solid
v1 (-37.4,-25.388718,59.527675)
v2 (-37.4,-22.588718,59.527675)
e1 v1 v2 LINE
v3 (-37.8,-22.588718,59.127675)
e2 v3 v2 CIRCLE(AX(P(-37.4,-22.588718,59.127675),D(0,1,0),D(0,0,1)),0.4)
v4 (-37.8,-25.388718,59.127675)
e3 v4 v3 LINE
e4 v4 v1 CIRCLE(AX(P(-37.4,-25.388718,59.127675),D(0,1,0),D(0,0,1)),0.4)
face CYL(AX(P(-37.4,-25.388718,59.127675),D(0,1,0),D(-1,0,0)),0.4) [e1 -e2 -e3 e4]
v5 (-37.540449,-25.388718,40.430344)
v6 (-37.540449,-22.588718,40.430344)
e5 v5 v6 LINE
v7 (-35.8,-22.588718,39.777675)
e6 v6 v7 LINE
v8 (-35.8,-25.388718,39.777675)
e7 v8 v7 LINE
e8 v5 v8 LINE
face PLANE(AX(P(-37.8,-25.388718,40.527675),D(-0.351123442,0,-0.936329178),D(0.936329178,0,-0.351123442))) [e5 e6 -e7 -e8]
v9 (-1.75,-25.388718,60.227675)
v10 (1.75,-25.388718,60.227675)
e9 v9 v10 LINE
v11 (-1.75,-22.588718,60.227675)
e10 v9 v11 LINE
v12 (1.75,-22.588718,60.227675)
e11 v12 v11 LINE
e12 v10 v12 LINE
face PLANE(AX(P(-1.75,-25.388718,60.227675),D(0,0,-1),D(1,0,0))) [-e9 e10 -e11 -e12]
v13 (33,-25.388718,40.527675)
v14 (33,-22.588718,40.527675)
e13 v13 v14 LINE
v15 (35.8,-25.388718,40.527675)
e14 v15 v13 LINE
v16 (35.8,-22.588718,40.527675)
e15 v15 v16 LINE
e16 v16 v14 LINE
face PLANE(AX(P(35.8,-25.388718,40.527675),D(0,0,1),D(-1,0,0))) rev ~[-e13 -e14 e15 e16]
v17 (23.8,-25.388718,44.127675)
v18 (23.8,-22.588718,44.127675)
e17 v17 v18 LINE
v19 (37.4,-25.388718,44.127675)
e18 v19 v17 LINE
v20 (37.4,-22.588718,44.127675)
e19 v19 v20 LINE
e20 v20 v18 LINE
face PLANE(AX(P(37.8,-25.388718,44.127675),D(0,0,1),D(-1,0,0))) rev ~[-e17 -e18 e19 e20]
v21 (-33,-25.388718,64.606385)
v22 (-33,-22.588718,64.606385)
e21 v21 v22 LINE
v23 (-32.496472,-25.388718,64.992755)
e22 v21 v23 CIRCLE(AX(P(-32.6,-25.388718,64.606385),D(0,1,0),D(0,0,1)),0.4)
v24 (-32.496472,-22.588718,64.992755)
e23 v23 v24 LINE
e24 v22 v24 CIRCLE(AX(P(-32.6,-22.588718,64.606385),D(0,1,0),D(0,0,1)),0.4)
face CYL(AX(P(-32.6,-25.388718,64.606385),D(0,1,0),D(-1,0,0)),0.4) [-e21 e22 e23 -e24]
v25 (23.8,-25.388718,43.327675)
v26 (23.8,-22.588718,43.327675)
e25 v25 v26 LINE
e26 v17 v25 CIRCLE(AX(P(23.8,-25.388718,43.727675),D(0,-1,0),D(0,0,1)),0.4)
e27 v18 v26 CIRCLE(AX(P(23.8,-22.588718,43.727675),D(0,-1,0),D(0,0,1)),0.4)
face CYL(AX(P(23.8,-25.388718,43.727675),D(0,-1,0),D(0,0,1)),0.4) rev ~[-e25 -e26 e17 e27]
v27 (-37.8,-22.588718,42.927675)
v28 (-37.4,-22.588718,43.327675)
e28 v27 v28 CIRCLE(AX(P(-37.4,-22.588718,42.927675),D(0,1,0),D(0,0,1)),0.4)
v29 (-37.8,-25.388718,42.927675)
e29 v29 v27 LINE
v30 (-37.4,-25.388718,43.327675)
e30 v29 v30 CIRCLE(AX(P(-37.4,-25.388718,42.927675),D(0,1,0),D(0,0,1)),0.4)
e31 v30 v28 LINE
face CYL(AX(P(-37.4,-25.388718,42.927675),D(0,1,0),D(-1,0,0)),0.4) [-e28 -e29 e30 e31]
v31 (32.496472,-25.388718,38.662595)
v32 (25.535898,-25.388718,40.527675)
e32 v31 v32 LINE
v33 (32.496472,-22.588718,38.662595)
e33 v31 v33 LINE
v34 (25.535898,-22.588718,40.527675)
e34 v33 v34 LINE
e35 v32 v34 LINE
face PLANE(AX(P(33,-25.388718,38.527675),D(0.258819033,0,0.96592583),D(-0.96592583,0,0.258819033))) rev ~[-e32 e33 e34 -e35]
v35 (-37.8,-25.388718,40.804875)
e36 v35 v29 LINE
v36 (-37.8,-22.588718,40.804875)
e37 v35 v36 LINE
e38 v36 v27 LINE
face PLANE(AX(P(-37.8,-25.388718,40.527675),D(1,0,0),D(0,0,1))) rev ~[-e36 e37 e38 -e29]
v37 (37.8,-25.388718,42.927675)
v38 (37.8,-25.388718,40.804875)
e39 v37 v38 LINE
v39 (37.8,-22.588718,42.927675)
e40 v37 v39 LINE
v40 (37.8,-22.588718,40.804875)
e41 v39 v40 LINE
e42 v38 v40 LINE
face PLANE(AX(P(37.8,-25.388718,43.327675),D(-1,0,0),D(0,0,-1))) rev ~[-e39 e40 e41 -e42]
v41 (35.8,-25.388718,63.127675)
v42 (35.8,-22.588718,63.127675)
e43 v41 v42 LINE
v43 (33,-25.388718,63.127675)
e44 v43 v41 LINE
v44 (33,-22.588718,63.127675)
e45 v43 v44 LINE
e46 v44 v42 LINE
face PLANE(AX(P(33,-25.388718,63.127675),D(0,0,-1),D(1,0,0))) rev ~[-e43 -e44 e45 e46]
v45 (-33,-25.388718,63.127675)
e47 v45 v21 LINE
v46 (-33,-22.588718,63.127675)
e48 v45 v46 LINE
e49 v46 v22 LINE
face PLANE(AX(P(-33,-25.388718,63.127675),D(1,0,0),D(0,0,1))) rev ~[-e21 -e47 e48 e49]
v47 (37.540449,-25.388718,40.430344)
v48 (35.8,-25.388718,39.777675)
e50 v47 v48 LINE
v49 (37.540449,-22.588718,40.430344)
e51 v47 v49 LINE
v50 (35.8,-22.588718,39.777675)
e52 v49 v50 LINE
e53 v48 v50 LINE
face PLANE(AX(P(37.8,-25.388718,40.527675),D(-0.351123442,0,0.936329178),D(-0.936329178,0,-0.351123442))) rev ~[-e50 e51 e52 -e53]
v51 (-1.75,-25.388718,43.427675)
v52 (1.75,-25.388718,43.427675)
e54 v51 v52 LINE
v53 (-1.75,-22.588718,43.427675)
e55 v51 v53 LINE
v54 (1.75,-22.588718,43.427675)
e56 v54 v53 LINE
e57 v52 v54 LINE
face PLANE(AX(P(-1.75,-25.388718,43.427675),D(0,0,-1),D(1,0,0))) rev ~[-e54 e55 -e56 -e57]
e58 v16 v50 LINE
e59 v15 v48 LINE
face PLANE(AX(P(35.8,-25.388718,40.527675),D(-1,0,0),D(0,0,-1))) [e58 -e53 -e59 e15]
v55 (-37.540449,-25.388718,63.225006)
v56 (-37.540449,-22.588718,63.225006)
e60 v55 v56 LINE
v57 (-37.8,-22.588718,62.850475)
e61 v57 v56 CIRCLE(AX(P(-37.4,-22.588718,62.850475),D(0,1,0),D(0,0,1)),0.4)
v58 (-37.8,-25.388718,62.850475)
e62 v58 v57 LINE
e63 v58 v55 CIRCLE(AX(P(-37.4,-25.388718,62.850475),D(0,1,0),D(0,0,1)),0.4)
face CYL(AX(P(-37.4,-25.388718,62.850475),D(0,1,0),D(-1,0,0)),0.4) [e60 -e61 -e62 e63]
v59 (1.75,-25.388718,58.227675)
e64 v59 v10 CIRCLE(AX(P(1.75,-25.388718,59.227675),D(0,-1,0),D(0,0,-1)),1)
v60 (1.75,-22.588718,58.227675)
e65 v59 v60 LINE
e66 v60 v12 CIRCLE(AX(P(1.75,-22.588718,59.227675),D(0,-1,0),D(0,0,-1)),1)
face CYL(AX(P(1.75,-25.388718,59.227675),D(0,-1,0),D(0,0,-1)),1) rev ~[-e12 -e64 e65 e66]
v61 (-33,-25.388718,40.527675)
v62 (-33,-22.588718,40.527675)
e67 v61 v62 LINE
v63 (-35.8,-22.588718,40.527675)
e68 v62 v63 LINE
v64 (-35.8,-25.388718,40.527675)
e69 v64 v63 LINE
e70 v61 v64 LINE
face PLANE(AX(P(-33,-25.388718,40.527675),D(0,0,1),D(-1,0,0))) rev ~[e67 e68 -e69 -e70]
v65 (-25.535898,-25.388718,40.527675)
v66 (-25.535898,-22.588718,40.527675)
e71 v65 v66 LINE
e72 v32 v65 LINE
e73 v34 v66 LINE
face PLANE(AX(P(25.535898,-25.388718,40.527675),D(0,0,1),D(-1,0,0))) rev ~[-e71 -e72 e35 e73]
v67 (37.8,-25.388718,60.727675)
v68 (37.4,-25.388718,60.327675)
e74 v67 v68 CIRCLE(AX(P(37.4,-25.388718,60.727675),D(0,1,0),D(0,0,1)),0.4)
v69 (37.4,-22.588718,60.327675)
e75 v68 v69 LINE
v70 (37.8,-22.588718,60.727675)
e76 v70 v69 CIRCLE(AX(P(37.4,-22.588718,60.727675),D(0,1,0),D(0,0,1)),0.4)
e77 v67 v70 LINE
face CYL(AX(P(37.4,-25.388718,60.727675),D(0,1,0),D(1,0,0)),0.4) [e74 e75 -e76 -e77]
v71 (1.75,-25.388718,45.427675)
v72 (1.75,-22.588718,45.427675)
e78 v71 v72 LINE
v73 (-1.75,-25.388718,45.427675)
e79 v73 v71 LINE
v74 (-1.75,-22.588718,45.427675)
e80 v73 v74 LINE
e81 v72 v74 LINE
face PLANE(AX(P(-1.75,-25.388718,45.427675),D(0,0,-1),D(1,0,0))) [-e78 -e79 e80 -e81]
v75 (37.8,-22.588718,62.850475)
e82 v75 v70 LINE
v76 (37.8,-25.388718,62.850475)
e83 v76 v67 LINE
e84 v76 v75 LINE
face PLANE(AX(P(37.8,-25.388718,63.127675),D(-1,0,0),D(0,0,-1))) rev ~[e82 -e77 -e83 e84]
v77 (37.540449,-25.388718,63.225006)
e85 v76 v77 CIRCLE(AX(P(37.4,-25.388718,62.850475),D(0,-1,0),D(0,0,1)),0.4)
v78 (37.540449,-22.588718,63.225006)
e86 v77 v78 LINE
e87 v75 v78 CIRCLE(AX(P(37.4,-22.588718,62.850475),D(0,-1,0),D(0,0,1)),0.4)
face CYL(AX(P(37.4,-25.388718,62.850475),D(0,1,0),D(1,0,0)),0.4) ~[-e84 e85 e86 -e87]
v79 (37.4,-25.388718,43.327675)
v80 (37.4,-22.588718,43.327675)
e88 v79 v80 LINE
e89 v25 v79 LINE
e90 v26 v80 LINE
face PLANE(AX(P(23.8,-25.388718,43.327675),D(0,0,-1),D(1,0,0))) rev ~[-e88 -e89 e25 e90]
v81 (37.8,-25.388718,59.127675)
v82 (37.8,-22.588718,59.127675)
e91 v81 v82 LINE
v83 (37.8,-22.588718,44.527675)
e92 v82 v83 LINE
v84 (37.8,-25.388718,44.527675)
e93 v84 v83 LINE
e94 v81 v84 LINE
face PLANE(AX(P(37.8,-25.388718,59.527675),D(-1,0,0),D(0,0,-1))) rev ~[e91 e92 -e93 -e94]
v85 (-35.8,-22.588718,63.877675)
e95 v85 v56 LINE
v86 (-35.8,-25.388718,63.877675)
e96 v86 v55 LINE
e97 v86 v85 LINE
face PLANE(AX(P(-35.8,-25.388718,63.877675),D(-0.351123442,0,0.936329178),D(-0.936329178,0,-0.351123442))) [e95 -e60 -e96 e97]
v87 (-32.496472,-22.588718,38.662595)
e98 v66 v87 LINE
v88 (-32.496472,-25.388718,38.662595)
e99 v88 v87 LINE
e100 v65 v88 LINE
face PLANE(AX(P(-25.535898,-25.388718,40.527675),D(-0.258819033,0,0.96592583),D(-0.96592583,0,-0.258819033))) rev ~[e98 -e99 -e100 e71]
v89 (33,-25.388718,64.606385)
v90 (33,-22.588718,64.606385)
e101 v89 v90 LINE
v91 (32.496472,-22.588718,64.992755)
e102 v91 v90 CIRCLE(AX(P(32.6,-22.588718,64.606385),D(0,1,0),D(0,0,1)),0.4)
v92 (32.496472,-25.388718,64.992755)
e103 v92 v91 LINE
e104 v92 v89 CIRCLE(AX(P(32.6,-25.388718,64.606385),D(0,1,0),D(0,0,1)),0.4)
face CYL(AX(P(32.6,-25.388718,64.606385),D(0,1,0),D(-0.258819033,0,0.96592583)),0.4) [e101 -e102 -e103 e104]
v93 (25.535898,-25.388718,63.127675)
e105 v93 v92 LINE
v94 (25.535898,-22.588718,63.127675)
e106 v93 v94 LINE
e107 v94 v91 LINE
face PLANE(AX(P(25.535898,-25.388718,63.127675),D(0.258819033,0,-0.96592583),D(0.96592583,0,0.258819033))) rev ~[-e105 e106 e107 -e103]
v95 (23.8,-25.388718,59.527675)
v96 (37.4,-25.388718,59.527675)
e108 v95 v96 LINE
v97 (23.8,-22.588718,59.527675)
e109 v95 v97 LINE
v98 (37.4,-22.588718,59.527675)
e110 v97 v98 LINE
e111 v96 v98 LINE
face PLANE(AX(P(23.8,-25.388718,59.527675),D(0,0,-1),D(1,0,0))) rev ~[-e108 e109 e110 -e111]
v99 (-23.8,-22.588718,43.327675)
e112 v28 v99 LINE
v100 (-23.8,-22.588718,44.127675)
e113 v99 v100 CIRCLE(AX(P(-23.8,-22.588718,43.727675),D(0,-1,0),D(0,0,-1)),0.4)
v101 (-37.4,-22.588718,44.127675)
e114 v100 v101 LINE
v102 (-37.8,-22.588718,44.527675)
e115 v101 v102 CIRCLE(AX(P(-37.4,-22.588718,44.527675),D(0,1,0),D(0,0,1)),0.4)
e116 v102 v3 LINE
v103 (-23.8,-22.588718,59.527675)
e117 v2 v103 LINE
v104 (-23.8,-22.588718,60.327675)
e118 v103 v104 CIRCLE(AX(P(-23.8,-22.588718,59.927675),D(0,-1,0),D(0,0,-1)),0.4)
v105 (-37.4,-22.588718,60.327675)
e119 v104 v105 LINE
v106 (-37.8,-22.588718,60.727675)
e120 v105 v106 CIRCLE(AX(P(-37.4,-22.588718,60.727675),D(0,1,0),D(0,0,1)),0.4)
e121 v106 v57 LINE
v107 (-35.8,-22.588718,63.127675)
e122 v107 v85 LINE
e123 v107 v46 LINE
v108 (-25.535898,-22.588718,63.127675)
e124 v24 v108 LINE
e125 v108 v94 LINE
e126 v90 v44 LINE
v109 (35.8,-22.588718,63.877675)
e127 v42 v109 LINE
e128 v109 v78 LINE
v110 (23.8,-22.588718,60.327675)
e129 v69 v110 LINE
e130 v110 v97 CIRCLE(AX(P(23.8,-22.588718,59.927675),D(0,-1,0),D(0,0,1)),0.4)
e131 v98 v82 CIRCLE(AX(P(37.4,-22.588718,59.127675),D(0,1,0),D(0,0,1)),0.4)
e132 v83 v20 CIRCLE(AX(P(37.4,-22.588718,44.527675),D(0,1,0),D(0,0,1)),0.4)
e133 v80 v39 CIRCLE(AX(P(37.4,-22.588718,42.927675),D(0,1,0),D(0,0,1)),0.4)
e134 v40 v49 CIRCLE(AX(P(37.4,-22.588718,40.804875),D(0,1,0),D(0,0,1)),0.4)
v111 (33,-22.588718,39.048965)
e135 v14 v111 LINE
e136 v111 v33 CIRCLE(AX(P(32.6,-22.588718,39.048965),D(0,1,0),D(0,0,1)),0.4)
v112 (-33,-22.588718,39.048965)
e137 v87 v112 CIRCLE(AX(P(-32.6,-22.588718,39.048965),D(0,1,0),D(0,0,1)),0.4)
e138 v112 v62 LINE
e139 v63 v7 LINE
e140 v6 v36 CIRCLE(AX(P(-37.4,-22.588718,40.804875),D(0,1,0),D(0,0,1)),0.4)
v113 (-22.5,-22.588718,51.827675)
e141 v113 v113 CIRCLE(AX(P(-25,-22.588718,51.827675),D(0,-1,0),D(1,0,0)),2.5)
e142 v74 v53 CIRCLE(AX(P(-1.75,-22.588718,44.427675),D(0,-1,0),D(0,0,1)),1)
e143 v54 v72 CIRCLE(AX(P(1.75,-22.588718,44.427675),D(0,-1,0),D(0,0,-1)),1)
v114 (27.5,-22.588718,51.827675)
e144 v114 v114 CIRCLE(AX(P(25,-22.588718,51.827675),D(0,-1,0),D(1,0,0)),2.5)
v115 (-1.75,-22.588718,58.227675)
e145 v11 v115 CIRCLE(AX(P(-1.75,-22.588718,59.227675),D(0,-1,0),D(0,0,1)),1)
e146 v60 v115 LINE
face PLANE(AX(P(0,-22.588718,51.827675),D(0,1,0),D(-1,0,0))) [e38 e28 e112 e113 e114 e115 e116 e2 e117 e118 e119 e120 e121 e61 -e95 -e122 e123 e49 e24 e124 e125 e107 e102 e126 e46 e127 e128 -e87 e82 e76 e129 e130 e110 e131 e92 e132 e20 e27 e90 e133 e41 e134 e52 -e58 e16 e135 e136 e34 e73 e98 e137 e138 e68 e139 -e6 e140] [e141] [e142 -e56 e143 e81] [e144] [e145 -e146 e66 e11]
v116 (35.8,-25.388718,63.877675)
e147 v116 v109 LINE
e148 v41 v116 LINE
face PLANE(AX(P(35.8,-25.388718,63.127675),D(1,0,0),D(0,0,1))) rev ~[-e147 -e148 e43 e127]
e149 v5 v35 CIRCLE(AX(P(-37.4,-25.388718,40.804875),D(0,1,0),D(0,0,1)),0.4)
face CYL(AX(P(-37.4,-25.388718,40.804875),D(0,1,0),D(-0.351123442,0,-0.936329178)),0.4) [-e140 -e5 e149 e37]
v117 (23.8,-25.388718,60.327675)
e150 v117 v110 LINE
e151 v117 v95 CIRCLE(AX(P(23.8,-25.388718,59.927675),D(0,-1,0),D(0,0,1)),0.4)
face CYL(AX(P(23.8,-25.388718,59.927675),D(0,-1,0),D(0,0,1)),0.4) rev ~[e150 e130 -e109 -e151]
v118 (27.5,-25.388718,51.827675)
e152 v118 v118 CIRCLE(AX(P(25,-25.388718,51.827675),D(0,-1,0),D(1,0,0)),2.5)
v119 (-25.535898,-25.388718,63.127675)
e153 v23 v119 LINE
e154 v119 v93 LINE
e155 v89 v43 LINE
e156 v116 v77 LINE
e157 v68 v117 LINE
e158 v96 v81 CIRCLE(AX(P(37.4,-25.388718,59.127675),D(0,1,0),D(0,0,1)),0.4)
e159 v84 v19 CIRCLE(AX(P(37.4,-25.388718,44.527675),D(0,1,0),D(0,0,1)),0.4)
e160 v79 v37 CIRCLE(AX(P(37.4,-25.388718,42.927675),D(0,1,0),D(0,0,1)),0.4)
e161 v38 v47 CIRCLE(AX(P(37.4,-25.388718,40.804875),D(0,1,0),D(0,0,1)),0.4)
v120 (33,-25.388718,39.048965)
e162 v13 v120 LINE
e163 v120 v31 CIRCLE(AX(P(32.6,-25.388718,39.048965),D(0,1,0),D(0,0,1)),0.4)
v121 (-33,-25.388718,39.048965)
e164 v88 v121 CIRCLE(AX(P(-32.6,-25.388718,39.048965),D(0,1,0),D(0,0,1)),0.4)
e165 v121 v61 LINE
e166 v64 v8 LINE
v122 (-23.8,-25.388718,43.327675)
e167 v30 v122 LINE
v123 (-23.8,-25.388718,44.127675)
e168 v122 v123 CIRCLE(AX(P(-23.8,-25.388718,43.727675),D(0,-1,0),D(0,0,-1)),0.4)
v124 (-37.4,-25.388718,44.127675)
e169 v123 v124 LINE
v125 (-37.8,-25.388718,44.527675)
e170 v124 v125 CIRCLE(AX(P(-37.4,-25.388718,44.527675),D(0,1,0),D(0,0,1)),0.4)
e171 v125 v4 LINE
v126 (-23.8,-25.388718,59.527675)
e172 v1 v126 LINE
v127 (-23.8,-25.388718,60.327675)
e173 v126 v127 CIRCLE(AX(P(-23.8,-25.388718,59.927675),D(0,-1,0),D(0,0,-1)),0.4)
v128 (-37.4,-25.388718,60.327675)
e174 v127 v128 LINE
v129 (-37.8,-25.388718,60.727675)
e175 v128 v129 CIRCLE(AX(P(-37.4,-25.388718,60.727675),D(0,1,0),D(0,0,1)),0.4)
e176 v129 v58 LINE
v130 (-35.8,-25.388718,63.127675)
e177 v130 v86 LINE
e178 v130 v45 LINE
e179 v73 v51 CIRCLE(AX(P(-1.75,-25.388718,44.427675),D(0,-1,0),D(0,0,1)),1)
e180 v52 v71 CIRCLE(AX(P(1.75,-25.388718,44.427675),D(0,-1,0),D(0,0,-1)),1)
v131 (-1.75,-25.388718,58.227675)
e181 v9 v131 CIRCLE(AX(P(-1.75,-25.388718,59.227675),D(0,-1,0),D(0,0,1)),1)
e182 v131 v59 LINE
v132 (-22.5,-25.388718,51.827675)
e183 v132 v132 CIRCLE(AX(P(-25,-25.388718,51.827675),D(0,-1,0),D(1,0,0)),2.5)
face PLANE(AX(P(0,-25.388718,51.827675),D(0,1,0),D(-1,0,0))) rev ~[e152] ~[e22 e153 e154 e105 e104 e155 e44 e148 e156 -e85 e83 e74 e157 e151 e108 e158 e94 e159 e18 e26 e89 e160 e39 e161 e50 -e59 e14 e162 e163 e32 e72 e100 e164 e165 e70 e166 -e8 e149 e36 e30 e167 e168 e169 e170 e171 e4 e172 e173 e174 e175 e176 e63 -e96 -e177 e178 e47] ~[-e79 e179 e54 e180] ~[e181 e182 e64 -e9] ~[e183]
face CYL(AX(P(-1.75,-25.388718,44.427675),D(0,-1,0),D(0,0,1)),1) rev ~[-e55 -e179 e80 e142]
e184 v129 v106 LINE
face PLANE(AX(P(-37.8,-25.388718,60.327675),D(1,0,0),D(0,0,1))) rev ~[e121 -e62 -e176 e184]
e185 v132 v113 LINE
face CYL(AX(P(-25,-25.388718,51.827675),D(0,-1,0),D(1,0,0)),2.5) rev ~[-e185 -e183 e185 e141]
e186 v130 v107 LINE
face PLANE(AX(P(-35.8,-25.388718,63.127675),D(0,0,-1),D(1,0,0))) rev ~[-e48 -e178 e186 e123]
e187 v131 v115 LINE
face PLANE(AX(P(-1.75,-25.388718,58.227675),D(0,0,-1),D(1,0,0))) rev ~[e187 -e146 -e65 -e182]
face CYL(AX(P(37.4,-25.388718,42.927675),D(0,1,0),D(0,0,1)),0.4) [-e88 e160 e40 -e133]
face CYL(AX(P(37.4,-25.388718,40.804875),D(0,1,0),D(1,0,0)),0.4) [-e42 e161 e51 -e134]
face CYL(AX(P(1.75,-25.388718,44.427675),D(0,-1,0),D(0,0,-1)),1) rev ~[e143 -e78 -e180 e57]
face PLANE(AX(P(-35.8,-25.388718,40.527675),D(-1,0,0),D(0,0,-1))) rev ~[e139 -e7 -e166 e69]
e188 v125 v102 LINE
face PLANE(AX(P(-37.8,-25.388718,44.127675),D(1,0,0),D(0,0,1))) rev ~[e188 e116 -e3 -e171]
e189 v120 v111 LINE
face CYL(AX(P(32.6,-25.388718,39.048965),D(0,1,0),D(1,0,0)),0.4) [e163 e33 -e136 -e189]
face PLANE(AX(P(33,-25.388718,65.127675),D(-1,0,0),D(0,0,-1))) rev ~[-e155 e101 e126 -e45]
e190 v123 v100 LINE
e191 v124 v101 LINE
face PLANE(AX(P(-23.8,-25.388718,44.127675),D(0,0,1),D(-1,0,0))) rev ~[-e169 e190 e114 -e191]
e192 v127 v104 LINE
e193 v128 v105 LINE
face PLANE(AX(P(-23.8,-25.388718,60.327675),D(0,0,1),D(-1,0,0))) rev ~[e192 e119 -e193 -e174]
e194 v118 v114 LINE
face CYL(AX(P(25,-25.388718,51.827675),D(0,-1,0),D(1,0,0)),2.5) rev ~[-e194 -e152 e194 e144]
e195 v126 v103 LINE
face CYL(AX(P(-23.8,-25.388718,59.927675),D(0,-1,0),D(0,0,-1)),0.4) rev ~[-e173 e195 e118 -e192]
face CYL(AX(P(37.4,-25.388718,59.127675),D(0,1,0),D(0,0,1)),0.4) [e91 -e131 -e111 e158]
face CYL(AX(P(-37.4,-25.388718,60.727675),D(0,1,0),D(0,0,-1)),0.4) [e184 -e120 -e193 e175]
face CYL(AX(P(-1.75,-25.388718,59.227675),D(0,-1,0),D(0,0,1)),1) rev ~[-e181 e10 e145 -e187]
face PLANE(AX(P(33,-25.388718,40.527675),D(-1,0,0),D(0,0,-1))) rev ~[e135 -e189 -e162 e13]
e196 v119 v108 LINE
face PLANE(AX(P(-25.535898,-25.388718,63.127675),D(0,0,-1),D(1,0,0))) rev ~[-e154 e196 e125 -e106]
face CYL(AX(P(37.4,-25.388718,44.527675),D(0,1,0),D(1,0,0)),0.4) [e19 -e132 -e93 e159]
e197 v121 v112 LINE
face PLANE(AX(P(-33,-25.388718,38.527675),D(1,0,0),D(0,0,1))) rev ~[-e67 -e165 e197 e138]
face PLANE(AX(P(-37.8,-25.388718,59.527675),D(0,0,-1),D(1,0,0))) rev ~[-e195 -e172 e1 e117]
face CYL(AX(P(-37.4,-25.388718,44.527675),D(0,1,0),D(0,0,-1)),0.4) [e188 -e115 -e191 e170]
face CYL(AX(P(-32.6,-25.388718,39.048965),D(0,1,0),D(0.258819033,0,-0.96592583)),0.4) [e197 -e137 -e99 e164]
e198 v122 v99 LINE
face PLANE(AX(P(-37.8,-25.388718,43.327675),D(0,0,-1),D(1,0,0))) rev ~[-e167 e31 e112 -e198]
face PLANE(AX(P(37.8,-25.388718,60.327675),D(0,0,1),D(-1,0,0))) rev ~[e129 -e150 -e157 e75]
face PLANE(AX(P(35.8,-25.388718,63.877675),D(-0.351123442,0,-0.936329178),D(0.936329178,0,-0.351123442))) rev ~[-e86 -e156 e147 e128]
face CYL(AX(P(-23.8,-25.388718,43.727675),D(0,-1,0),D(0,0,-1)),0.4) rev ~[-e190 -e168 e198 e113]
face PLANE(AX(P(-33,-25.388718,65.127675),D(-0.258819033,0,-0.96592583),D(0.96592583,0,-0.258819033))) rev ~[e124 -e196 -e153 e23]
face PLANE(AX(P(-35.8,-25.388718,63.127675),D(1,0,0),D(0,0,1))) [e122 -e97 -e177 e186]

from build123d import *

# Parameters (mm, degrees)
PAD010_DEPTH    = 2.8
FILLET003_R     = 0.4
SKETCH016_R     = 2.5
POCKET008_DEPTH = 2.801
POCKET_DEPTH    = 2.801


with BuildPart() as part:
    # Sketch010 (on Face2 of ShapeBinder009) → Pad010 (new body)
    with BuildSketch(Plane.XZ.offset(25.388718)):
        with BuildLine():
            Line((37.8, 63.127675), (37.8, 60.327675))
            Line((37.8, 60.327675), (23.8, 60.327675))
            ThreePointArc((23.8, 60.327675), (23.4, 59.927675), (23.8, 59.527675))
            Line((23.8, 59.527675), (37.8, 59.527675))
            Line((37.8, 59.527675), (37.8, 44.127675))
            Line((37.8, 44.127675), (23.8, 44.127675))
            ThreePointArc((23.8, 44.127675), (23.4, 43.727675), (23.8, 43.327675))
            Line((23.8, 43.327675), (37.8, 43.327675))
            Line((37.8, 43.327675), (37.8, 40.527675))
            Line((37.8, 40.527675), (35.8, 39.777675))
            Line((35.8, 40.527675), (35.8, 39.777675))
            Line((35.8, 40.527675), (33, 40.527675))
            Line((33, 40.527675), (33, 38.527675))
            Line((33, 38.527675), (25.535898, 40.527675))
            Line((25.535898, 40.527675), (-25.535898, 40.527675))
            Line((-25.535898, 40.527675), (-33, 38.527675))
            Line((-33, 38.527675), (-33, 40.527675))
            Line((-33, 40.527675), (-35.8, 40.527675))
            Line((-35.8, 40.527675), (-35.8, 39.777675))
            Line((-37.8, 40.527675), (-35.8, 39.777675))
            Line((-37.8, 40.527675), (-37.8, 43.327675))
            Line((-37.8, 43.327675), (-23.8, 43.327675))
            ThreePointArc((-23.8, 43.327675), (-23.4, 43.727675), (-23.8, 44.127675))
            Line((-23.8, 44.127675), (-37.8, 44.127675))
            Line((-37.8, 44.127675), (-37.8, 59.527675))
            Line((-37.8, 59.527675), (-23.8, 59.527675))
            ThreePointArc((-23.8, 59.527675), (-23.4, 59.927675), (-23.8, 60.327675))
            Line((-23.8, 60.327675), (-37.8, 60.327675))
            Line((-37.8, 60.327675), (-37.8, 63.127675))
            Line((-35.8, 63.877675), (-37.8, 63.127675))
            Line((-35.8, 63.127675), (-35.8, 63.877675))
            Line((-35.8, 63.127675), (-33, 63.127675))
            Line((-33, 63.127675), (-33, 65.127675))
            Line((-33, 65.127675), (-25.535898, 63.127675))
            Line((-25.535898, 63.127675), (25.535898, 63.127675))
            Line((25.535898, 63.127675), (33, 65.127675))
            Line((33, 65.127675), (33, 63.127675))
            Line((33, 63.127675), (35.8, 63.127675))
            Line((35.8, 63.127675), (35.8, 63.877675))
            Line((35.8, 63.877675), (37.8, 63.127675))
        make_face()
    extrude(amount=-PAD010_DEPTH)

    # Fillet003
    fillet003_edges = [part.edges().sort_by_distance(p)[0] for p in [
        (33, -23.988718, 65.127675),
        (37.8, -23.988718, 63.127675),
        (37.8, -23.988718, 60.327675),
        (37.8, -23.988718, 59.527675),
        (37.8, -23.988718, 44.127675),
        (37.8, -23.988718, 43.327675),
        (37.8, -23.988718, 40.527675),
        (33, -23.988718, 38.527675),
        (-33, -23.988718, 65.127675),
        (-37.8, -23.988718, 63.127675),
        (-37.8, -23.988718, 60.327675),
        (-37.8, -23.988718, 59.527675),
        (-37.8, -23.988718, 44.127675),
        (-37.8, -23.988718, 43.327675),
        (-37.8, -23.988718, 40.527675),
        (-33, -23.988718, 38.527675),
    ]]
    fillet(fillet003_edges, radius=FILLET003_R)

    # Sketch016 (on Face2 of Fillet003) → Pocket008 (cut, through all)
    with BuildSketch(Plane.XZ.offset(25.388718)):
        with Locations((-25, 51.827675)):
            Circle(SKETCH016_R)
        with Locations((25, 51.827675)):
            Circle(SKETCH016_R)
    extrude(amount=-POCKET008_DEPTH, mode=Mode.SUBTRACT)

    # Sketch018 (on Face2 of Pocket008) → Pocket (cut, through all)
    with BuildSketch(Plane.XZ.offset(25.388718)):
        with BuildLine():
            ThreePointArc((-1.75, 60.227675), (-2.75, 59.227675), (-1.75, 58.227675))
            Line((-1.75, 58.227675), (1.75, 58.227675))
            ThreePointArc((1.75, 58.227675), (2.75, 59.227675), (1.75, 60.227675))
            Line((-1.75, 60.227675), (1.75, 60.227675))
        make_face()
        with BuildLine():
            ThreePointArc((-1.75, 45.427675), (-2.75, 44.427675), (-1.75, 43.427675))
            Line((-1.75, 43.427675), (1.75, 43.427675))
            ThreePointArc((1.75, 43.427675), (2.75, 44.427675), (1.75, 45.427675))
            Line((-1.75, 45.427675), (1.75, 45.427675))
        make_face()
    extrude(amount=-POCKET_DEPTH, mode=Mode.SUBTRACT)


solid = part.part
